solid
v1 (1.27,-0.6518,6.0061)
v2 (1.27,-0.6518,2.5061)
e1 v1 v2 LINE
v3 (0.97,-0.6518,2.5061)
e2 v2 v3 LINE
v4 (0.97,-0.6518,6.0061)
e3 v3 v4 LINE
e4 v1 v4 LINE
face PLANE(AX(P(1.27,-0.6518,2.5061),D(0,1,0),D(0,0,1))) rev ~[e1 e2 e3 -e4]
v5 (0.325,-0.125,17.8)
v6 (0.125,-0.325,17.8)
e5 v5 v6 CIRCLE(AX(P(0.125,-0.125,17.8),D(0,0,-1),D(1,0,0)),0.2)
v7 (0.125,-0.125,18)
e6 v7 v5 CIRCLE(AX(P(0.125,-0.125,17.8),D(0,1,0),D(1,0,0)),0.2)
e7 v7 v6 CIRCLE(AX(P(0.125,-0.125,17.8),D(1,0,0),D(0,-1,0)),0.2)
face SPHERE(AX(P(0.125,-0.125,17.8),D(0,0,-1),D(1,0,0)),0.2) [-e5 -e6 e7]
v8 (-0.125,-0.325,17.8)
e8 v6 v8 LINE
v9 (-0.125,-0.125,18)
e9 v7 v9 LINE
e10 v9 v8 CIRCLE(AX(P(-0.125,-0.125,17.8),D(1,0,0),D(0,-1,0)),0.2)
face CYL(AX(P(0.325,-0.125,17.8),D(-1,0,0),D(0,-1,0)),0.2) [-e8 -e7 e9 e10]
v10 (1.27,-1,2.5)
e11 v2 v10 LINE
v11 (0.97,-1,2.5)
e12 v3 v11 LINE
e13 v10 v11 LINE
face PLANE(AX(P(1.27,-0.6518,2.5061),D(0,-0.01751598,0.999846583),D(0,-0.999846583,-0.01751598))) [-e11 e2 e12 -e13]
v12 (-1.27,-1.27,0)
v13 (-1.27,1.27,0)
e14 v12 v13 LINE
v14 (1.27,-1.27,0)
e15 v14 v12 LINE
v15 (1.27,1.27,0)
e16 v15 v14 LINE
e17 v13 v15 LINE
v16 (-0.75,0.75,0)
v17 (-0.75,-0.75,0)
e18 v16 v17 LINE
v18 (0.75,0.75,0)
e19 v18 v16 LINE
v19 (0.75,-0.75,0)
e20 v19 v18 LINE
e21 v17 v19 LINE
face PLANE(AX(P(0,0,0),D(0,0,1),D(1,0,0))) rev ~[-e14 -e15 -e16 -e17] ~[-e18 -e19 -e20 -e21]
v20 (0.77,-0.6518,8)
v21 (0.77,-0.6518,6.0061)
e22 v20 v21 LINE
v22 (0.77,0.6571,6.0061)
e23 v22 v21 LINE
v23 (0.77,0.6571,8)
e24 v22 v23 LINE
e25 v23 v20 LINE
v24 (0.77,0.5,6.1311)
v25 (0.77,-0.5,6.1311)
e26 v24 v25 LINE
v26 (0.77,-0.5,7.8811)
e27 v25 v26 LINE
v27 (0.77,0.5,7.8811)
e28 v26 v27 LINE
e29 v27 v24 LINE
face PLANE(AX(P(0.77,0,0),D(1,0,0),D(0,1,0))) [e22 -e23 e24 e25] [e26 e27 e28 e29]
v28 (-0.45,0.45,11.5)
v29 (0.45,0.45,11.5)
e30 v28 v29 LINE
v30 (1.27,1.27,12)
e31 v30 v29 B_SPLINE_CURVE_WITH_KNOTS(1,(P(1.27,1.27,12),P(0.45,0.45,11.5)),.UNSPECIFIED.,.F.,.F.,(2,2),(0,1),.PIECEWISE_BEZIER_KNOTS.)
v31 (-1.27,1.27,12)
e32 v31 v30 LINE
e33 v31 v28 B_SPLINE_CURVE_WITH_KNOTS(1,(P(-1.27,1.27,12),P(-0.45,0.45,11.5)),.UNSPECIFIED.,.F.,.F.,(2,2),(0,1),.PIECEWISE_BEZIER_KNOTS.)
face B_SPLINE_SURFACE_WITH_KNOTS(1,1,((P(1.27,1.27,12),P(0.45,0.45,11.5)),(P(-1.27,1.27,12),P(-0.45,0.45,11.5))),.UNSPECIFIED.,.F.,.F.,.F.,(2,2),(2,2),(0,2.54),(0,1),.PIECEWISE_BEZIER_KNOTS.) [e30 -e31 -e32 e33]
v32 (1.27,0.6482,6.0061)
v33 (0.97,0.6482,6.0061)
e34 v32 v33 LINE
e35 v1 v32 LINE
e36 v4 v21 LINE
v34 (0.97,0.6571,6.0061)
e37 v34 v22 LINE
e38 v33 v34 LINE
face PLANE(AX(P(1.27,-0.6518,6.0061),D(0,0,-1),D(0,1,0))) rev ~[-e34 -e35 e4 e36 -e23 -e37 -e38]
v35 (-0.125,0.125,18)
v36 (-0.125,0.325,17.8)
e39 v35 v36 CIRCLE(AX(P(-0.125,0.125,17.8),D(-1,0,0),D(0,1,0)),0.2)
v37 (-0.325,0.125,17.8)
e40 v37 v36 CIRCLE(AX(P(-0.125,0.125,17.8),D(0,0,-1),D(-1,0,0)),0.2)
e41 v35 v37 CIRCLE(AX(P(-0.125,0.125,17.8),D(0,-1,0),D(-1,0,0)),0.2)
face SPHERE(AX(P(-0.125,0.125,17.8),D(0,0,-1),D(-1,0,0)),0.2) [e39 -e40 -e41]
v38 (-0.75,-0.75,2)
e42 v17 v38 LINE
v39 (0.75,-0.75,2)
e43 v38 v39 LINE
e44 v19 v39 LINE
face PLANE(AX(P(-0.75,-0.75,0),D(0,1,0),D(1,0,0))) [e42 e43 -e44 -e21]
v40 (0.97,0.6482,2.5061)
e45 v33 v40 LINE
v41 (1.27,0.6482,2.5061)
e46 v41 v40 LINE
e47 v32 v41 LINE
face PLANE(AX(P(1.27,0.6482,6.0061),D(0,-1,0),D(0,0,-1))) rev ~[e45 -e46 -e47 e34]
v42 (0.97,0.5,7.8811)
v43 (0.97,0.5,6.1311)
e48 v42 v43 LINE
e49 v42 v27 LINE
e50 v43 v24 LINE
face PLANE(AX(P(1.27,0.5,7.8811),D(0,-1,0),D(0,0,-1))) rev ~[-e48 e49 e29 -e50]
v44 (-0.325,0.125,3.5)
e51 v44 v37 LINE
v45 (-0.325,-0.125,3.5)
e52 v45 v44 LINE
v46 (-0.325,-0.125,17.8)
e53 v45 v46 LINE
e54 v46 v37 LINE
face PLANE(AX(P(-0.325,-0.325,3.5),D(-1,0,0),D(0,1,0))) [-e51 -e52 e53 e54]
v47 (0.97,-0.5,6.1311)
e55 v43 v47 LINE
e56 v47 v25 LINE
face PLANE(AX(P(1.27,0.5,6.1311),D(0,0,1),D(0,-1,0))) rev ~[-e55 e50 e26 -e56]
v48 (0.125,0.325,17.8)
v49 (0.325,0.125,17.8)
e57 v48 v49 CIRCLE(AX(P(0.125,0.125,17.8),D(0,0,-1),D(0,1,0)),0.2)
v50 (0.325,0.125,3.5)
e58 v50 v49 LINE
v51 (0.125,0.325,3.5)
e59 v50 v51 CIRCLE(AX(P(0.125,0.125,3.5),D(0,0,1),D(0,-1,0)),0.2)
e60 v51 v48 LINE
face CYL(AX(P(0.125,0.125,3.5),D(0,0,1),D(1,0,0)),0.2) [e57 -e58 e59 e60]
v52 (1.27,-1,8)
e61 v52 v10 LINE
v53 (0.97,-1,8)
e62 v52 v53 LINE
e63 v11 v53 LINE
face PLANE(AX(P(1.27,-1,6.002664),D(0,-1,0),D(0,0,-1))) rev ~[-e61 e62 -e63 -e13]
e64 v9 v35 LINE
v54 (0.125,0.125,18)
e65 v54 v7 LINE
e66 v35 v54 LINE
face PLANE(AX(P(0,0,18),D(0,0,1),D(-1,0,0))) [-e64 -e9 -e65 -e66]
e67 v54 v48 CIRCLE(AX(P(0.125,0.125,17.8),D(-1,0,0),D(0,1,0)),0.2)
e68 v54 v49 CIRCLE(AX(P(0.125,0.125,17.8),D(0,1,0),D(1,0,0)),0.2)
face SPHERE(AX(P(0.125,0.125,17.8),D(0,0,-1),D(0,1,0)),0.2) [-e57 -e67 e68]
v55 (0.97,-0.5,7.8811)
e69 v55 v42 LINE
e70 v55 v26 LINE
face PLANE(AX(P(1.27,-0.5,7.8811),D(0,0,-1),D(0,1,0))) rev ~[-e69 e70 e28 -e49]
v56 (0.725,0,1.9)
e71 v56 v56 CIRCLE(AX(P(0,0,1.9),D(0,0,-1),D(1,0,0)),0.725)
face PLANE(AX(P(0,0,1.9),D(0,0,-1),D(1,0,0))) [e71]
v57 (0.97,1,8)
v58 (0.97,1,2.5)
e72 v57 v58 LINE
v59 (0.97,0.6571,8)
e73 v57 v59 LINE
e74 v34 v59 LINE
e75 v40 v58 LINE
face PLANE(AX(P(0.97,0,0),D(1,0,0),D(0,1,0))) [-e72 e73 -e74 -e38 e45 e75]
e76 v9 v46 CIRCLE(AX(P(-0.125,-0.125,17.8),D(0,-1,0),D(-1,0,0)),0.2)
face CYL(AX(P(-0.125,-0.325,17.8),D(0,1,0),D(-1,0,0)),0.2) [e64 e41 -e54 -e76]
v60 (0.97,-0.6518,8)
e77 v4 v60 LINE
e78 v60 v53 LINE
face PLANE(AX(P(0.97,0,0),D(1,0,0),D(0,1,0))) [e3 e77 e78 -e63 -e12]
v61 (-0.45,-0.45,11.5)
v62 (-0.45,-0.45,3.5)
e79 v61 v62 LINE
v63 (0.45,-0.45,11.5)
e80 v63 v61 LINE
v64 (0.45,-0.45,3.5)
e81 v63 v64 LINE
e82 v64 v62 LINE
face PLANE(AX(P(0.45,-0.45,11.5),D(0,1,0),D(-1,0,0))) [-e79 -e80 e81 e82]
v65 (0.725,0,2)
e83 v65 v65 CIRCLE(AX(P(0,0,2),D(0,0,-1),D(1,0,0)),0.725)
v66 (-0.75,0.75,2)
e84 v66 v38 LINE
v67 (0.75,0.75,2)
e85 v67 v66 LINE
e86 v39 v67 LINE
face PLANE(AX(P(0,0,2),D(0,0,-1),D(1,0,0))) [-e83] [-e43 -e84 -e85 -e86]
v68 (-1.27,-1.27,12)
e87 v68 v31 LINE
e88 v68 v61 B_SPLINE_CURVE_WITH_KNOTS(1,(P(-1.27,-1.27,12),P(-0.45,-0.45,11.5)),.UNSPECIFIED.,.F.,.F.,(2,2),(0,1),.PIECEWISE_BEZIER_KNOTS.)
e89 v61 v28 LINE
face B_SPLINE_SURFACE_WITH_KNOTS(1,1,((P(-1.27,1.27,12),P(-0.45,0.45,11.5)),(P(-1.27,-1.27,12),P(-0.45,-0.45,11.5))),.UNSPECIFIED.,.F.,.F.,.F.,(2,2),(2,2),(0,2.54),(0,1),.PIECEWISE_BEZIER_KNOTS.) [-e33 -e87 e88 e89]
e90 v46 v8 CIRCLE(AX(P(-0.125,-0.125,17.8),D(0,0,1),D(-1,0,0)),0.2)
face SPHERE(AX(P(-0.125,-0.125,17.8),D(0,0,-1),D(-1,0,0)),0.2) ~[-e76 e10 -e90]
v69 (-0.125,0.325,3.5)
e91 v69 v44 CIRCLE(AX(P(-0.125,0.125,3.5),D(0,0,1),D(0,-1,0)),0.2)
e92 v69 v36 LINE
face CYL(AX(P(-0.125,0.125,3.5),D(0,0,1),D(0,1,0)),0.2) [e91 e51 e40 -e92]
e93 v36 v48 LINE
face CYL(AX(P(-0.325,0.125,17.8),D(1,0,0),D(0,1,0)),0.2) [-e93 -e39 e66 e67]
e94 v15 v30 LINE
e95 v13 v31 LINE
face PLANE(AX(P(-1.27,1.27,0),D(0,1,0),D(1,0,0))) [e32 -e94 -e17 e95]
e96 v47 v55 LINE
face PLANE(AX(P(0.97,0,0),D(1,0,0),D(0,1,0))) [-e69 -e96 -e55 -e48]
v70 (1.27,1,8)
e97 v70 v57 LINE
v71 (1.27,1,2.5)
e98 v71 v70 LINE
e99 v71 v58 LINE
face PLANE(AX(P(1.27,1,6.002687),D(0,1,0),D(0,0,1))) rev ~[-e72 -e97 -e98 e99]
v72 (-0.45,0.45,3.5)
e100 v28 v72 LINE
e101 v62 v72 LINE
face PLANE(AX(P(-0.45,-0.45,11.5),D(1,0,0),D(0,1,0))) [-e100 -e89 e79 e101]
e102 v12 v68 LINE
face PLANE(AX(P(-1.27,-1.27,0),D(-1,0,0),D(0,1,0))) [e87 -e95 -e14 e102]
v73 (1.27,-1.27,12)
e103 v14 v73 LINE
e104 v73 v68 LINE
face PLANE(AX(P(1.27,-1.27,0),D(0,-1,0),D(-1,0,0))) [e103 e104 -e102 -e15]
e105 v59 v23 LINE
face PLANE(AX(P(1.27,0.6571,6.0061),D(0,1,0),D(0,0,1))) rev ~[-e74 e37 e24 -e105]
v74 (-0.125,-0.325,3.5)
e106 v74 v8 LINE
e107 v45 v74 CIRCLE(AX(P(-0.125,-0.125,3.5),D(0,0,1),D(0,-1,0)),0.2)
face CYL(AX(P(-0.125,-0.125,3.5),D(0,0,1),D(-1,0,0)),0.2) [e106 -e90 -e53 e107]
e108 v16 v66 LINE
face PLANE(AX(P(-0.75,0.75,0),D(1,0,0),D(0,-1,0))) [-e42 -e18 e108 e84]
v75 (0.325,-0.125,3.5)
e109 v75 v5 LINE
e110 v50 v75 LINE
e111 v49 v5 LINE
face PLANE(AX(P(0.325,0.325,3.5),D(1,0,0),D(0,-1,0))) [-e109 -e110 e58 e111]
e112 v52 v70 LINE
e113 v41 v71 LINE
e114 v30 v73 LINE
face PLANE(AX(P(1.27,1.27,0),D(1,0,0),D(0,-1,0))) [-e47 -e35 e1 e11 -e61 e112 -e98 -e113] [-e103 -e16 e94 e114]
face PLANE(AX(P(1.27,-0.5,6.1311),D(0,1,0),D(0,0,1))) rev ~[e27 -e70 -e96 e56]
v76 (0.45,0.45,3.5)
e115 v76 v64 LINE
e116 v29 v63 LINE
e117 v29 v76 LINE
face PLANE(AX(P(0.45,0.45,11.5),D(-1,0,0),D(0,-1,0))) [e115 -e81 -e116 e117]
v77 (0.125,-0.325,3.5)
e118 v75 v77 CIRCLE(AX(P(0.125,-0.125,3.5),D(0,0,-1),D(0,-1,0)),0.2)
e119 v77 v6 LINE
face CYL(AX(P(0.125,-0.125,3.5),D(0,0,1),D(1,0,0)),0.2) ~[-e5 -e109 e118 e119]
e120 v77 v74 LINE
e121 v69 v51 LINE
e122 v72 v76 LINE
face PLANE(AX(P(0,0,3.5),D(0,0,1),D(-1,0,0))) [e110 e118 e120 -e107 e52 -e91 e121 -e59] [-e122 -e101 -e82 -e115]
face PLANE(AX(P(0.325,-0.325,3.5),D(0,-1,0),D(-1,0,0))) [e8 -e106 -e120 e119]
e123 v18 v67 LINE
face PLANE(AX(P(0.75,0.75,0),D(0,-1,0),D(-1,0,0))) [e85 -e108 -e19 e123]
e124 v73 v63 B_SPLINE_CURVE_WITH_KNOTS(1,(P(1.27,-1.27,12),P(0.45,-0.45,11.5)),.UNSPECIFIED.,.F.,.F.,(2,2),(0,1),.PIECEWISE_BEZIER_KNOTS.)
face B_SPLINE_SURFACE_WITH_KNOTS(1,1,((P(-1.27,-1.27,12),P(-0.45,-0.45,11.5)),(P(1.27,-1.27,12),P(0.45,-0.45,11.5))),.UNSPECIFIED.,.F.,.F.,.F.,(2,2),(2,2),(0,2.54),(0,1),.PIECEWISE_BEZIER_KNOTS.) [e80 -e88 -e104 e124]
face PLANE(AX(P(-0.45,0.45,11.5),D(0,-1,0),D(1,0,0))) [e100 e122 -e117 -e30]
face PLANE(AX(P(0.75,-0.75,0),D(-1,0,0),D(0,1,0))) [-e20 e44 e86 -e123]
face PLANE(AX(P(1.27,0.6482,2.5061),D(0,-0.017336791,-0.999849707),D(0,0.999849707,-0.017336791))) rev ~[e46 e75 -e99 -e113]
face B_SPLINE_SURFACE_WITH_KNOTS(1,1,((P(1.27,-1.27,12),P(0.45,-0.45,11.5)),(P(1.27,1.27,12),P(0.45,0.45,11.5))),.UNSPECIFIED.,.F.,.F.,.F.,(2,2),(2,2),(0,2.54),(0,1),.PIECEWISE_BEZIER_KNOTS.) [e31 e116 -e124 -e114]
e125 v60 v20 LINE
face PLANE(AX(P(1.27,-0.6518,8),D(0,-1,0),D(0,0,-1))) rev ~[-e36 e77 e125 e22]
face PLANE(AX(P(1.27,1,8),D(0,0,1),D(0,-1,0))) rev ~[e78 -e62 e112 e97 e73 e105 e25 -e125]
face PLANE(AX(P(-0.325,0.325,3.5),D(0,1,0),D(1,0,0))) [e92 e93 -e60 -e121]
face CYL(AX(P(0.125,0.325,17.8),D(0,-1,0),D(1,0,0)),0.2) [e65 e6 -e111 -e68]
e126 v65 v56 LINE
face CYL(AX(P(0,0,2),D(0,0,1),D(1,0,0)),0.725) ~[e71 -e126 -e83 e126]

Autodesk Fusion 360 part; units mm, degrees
sketch "Sketch1" plane through (0, 0, 0) normal (0, 0, 1) x (1, 0, 0)
  line L0 (1.27, -1.27) -> (-1.27, -1.27)
  line L1 (-1.27, -1.27) -> (-1.27, 1.27)
  line L2 (-1.27, 1.27) -> (1.27, 1.27)
  line L3 (1.27, 1.27) -> (1.27, -1.27)
  line L4 (1.27, -1.27) -> (-1.27, 1.27) construction
  line L5 (-1.27, -1.27) -> (1.27, 1.27) construction
  dimension "d1" = 2.54
  dimension "d2" = 2.54
extrude "Extrude1" add sketch "Sketch1" along normal blind 12
sketch "Sketch2" plane through (0, 0, 12) normal (0, 0, 1) x (-1, 0, 0)
  line L0 (-1.27, -1.27) -> (1.27, -1.27)
  line L1 (1.27, -1.27) -> (1.27, 1.27)
  line L2 (1.27, 1.27) -> (-1.27, 1.27)
  line L3 (-1.27, 1.27) -> (-1.27, -1.27)
  line L4 (-0.45, 0.45) -> (0.45, 0.45)
  line L5 (0.45, 0.45) -> (0.45, -0.45)
  line L6 (0.45, -0.45) -> (-0.45, -0.45)
  line L7 (-0.45, -0.45) -> (-0.45, 0.45)
  line L8 (-0.45, 0.45) -> (0.45, -0.45) construction
  line L9 (0.45, 0.45) -> (-0.45, -0.45) construction
  dimension "d5" = 0.9
  dimension "d6" = 0.9
extrude "Extrude2" cut sketch "Sketch2" against normal blind 0.5 contours L4 L5 L6 L7
loft "Loft1" cut profiles "Sketch2" section 1 section 2 face at (0.15, -0.15, 11.5)
extrude "Extrude3" cut 1 faces at (0.15, -0.15, 11.5) along direction (0, 0, -1) blind 8
sketch "Sketch3" plane through (1.27, 0, 0) normal (1, 0, 0) x (0, 1, 0)
  line L0 (-1.27, 0) -> (1.27, 0)
  line L1 (1.27, 0) -> (1.27, 12)
  line L2 (1.27, 12) -> (-1.27, 12)
  line L3 (-1.27, 12) -> (-1.27, 0)
  line L4 (1, 8) -> (-1, 8)
  line L5 (-1, 8) -> (-1, 2.5)
  line L6 (-1, 2.5) -> (1, 2.5)
  line L7 (1, 2.5) -> (1, 8)
  line L8 (1, 8) -> (-1, 2.5) construction
  line L9 (-1, 8) -> (1, 2.5) construction
  line L10 (0.6482, 2.5061) -> (-0.6518, 2.5061)
  line L11 (-0.6518, 2.5061) -> (-0.6518, 6.0061)
  line L12 (-0.6518, 6.0061) -> (0.6482, 6.0061)
  line L13 (0.6482, 6.0061) -> (0.6482, 2.5061)
  line L14 (0.6482, 2.5061) -> (-0.6518, 6.0061) construction
  line L15 (-0.6518, 2.5061) -> (0.6482, 6.0061) construction
  line L16 (-0.6518, 6.0061) -> (0.6571, 6.0061)
  line L17 (0.6571, 6.0061) -> (0.6571, 8.0061)
  line L18 (0.6571, 8.0061) -> (-0.6518, 8.0061)
  line L19 (-0.6518, 8.0061) -> (-0.6518, 6.0061)
  line L20 (0.5, 6.1311) -> (-0.5, 6.1311)
  line L21 (-0.5, 6.1311) -> (-0.5, 7.8811)
  line L22 (-0.5, 7.8811) -> (0.5, 7.8811)
  line L23 (0.5, 7.8811) -> (0.5, 6.1311)
  line L24 (0.5, 6.1311) -> (-0.5, 7.8811) construction
  line L25 (-0.5, 6.1311) -> (0.5, 7.8811) construction
  line L26 (-1.27, 6) -> (-0.6518, 6.0061)
  line L27 (0.6571, 6.0061) -> (1.27, 6)
  line L28 (0.6482, 2.5061) -> (1, 2.5)
  line L29 (-0.6518, 2.5061) -> (-1, 2.5)
  point P0 (0, 5.25)
  point P1 (-0.0018, 4.2561)
  point P2 (0, 7.0061)
  dimension "d11" = 5.5
  dimension "d12" = 2.5
  dimension "d13" = 1.3
  dimension "d14" = 3.5
  dimension "d15" = 2
  dimension "d16" = 1
  dimension "d17" = 1.75
  dimension "d31" = 0.125
extrude "Extrude4" cut sketch "Sketch3" against normal blind 0.3 contours L5 L11 L26 L29 | L4 L5 L19 L26 | L4 L7 L17 L27 | L7 L13 L16 L27 L28
extrude "Extrude5" cut sketch "Sketch3" against normal blind 0.5 contours L4 L12 L16 L17 L19
extrude "Extrude6" cut sketch "Sketch3" against normal blind 0.3 contours L20 L21 L22 L23
sketch "Sketch4" plane through (0, 0, 0) normal (0, 0, -1) x (1, 0, 0)
  line L0 (-1.27, -1.27) -> (1.27, -1.27)
  line L1 (1.27, -1.27) -> (1.27, 1.27)
  line L2 (1.27, 1.27) -> (-1.27, 1.27)
  line L3 (-1.27, 1.27) -> (-1.27, -1.27)
  line L4 (0.75, -0.75) -> (-0.75, -0.75)
  line L5 (-0.75, -0.75) -> (-0.75, 0.75)
  line L6 (-0.75, 0.75) -> (0.75, 0.75)
  line L7 (0.75, 0.75) -> (0.75, -0.75)
  line L8 (0.75, -0.75) -> (-0.75, 0.75) construction
  line L9 (-0.75, -0.75) -> (0.75, 0.75) construction
  dimension "d24" = 1.5
  dimension "d25" = 1.5
extrude "Extrude7" cut sketch "Sketch4" against normal blind 2 contours L4 L5 L6 L7
sketch "Sketch5" plane through (0, 0, 2) normal (0, 0, -1) x (1, 0, 0)
  line L0 (0.75, 0.75) -> (-0.75, 0.75)
  line L1 (-0.75, 0.75) -> (-0.75, -0.75)
  line L2 (-0.75, -0.75) -> (0.75, -0.75)
  line L3 (0.75, -0.75) -> (0.75, 0.75)
  circle A0 centre (0, 0) radius 0.725
  dimension "d28" = 1.45
extrude "Extrude8" add sketch "Sketch5" along normal blind 0.1 contours A0
sketch "Sketch6" plane through (0, 0, 3.5) normal (0, 0, 1) x (-1, 0, 0)
  line L0 (-0.45, -0.45) -> (0.45, -0.45)
  line L1 (0.45, -0.45) -> (0.45, 0.45)
  line L2 (0.45, 0.45) -> (-0.45, 0.45)
  line L3 (-0.45, 0.45) -> (-0.45, -0.45)
  line L4 (-0.325, 0.325) -> (0.325, 0.325)
  line L5 (0.325, 0.325) -> (0.325, -0.325)
  line L6 (0.325, -0.325) -> (-0.325, -0.325)
  line L7 (-0.325, -0.325) -> (-0.325, 0.325)
  line L8 (-0.325, 0.325) -> (0.325, -0.325) construction
  line L9 (0.325, 0.325) -> (-0.325, -0.325) construction
  dimension "d32" = 0.65
  dimension "d33" = 0.65
extrude "Extrude9" add sketch "Sketch6" along normal blind 14.5 contours L4 L5 L6 L7
fillet "Fillet1" radius 0.2 8 edges at (0.325, -0.325, 10.75) (-0.325, -0.325, 10.75) (0.325, 0.325, 10.75) (-0.325, 0.325, 10.75) (-0.325, 0, 18) (0, 0.325, 18) (0.325, 0, 18) (0, -0.325, 18)
equation "d34 = 8.50 mm + 6 mm"
